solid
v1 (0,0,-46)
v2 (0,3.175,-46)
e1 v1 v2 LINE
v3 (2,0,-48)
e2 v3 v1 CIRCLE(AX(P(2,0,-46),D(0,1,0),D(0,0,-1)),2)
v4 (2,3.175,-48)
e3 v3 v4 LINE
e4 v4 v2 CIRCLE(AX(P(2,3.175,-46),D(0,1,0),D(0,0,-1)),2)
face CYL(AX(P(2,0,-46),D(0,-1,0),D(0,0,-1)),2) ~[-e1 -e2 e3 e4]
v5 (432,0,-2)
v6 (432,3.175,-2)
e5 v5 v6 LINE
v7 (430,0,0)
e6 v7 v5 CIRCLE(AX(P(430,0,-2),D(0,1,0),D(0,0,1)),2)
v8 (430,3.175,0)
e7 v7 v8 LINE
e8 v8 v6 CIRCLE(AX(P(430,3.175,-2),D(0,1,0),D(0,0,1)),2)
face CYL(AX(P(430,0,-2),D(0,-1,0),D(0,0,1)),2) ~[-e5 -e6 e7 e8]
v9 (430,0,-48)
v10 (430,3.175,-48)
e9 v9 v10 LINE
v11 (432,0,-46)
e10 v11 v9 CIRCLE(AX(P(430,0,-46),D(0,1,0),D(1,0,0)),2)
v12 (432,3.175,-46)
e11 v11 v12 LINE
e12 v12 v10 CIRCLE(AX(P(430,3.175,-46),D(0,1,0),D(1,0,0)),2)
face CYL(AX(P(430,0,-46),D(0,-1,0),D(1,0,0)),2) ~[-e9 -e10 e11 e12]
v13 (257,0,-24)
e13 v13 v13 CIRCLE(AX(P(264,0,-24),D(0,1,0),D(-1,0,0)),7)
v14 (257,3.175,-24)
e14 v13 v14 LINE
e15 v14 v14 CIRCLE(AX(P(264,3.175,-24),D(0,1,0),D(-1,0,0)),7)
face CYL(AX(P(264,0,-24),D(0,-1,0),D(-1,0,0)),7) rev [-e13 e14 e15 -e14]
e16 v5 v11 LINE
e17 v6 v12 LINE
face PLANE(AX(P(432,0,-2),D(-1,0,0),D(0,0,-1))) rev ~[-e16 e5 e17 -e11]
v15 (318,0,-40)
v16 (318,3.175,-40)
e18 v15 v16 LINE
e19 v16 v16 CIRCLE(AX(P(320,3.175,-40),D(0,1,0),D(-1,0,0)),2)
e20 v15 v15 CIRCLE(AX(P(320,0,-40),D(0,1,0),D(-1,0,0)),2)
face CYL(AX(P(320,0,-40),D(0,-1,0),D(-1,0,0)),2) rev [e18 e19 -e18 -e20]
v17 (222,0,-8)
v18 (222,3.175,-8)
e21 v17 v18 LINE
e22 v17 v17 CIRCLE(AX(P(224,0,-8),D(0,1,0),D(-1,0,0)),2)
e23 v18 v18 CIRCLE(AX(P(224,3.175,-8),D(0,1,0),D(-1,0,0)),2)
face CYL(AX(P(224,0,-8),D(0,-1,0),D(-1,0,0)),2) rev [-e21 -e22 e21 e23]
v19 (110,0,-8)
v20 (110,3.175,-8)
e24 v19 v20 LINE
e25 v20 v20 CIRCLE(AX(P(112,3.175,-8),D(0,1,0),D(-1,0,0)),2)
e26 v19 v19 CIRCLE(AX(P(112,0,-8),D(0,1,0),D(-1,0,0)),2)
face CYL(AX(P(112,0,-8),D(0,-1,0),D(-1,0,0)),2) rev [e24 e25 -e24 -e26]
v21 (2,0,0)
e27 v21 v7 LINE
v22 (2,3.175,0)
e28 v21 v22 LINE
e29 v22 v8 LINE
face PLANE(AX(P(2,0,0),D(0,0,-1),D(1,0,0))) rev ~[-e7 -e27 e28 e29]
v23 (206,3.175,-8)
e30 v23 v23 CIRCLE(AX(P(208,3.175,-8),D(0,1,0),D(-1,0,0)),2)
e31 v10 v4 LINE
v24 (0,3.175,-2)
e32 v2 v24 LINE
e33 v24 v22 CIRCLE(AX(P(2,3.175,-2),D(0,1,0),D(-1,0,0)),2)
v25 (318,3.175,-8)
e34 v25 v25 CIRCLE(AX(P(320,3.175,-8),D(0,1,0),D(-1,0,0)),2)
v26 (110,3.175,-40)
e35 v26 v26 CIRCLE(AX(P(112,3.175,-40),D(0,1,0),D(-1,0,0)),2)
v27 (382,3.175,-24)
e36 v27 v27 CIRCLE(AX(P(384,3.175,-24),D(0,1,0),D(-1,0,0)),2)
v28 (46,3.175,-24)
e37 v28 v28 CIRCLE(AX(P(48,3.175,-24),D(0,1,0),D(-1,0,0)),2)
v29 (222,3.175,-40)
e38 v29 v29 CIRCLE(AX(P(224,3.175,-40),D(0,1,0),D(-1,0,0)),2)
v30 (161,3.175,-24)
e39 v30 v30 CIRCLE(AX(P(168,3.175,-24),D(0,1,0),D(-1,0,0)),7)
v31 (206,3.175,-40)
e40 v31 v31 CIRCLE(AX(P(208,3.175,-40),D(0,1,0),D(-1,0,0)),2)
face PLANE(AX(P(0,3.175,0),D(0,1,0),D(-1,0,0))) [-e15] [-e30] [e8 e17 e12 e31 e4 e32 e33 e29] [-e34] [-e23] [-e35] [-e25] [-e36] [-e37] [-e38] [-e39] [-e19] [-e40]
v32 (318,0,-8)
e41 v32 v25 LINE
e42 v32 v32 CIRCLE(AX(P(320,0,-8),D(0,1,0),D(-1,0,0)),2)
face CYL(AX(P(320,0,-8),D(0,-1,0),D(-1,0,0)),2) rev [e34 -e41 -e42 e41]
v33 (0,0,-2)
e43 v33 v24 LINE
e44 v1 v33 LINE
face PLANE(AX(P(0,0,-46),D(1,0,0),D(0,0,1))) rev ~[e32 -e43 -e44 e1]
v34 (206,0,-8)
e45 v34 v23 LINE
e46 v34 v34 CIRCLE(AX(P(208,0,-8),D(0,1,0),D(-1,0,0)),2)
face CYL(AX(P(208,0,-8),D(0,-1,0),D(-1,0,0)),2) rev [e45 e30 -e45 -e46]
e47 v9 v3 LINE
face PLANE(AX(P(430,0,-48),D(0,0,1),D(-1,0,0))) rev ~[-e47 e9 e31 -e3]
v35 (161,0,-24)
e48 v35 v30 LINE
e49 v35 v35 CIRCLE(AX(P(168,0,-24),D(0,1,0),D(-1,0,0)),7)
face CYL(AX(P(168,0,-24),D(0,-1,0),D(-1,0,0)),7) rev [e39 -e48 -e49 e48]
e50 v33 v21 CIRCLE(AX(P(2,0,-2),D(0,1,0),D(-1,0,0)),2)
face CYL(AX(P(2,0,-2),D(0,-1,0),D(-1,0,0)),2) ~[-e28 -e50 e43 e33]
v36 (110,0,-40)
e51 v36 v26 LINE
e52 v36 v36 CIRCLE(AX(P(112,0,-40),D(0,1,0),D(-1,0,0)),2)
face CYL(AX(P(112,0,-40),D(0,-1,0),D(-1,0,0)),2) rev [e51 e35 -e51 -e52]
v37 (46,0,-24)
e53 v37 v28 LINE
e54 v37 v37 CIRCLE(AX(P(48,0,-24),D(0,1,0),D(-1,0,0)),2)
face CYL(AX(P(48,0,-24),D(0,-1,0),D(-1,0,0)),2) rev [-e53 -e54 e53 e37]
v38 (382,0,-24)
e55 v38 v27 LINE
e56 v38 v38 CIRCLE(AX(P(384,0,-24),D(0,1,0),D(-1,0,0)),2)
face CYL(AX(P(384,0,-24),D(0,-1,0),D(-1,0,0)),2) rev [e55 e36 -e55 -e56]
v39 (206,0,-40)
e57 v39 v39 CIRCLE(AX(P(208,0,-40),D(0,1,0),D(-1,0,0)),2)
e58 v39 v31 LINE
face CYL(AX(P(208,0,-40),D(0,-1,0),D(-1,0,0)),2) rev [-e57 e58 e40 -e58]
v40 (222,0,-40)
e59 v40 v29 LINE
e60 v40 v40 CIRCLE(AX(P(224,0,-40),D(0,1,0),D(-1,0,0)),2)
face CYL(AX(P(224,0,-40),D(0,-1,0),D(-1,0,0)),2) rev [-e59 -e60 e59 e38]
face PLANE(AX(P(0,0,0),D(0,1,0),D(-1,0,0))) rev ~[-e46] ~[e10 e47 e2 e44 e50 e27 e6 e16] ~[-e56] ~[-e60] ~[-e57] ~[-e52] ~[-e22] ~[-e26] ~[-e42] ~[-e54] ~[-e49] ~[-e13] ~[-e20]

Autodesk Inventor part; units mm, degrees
ref_plane "YZ Plane" through (0, 0, 0) normal (1, 0, 0) x (0, 1, 0)
ref_plane "XZ Plane" through (0, 0, 0) normal (0, 1, 0) x (-1, 0, 0)
ref_plane "XY Plane" through (0, 0, 0) normal (0, 0, 1) x (1, 0, 0)
sketch "Sketch1" plane through (0, 0, 0) normal (0, 1, 0) x (-1, 0, 0)
  line L0 (-2, 0) -> (-430, 0)
  line L1 (-432, -2) -> (-432, -46)
  line L2 (-430, -48) -> (-2, -48)
  line L3 (0, -46) -> (0, -2)
  circle A0 centre (-112, -40) radius 2
  circle A1 centre (-112, -8) radius 2
  circle A2 centre (-208, -40) radius 2
  circle A3 centre (-224, -40) radius 2
  circle A4 centre (-224, -8) radius 2
  circle A5 centre (-208, -8) radius 2
  circle A6 centre (-320, -40) radius 2
  circle A7 centre (-320, -8) radius 2
  circle A8 centre (-48, -24) radius 2
  circle A9 centre (-384, -24) radius 2
  circle A10 centre (-168, -24) radius 7
  circle A11 centre (-264, -24) radius 7
  arc A12 (-2, -48) -> (0, -46) centre (-2, -46) ccw
  arc A13 (0, -2) -> (-2, 0) centre (-2, -2) ccw
  arc A14 (-432, -46) -> (-430, -48) centre (-430, -46) ccw
  arc A15 (-430, 0) -> (-432, -2) centre (-430, -2) ccw
  point P0 (0, 0)
  point P1 (-432, -48)
  point P2 (-432, 0)
  point P3 (0, -48)
  point P4 (0, -24)
  point P5 (-432, -24)
  dimension "d0" = 432
  dimension "d1" = 48
  dimension "d2" = 4
  dimension "d3" = 4
  dimension "d4" = 4
  dimension "d5" = 4
  dimension "d6" = 4
  dimension "d7" = 4
  dimension "d8" = 4
  dimension "d9" = 4
  dimension "d10" = 208
  dimension "d11" = 208
  dimension "d12" = 8
  dimension "d13" = 8
  dimension "d14" = 8
  dimension "d15" = 112
  dimension "d16" = 112
  dimension "d17" = 4
  dimension "d18" = 48
  dimension "d19" = 4
  dimension "d20" = 48
  dimension "d21" = 14
  dimension "d22" = 14
  dimension "d23" = 168
  dimension "d24" = 168
  dimension "d25" = 2
extrude "Extrusion1" add sketch "Sketch1" along normal blind 3.175
properties part number "sidePanel v1"
